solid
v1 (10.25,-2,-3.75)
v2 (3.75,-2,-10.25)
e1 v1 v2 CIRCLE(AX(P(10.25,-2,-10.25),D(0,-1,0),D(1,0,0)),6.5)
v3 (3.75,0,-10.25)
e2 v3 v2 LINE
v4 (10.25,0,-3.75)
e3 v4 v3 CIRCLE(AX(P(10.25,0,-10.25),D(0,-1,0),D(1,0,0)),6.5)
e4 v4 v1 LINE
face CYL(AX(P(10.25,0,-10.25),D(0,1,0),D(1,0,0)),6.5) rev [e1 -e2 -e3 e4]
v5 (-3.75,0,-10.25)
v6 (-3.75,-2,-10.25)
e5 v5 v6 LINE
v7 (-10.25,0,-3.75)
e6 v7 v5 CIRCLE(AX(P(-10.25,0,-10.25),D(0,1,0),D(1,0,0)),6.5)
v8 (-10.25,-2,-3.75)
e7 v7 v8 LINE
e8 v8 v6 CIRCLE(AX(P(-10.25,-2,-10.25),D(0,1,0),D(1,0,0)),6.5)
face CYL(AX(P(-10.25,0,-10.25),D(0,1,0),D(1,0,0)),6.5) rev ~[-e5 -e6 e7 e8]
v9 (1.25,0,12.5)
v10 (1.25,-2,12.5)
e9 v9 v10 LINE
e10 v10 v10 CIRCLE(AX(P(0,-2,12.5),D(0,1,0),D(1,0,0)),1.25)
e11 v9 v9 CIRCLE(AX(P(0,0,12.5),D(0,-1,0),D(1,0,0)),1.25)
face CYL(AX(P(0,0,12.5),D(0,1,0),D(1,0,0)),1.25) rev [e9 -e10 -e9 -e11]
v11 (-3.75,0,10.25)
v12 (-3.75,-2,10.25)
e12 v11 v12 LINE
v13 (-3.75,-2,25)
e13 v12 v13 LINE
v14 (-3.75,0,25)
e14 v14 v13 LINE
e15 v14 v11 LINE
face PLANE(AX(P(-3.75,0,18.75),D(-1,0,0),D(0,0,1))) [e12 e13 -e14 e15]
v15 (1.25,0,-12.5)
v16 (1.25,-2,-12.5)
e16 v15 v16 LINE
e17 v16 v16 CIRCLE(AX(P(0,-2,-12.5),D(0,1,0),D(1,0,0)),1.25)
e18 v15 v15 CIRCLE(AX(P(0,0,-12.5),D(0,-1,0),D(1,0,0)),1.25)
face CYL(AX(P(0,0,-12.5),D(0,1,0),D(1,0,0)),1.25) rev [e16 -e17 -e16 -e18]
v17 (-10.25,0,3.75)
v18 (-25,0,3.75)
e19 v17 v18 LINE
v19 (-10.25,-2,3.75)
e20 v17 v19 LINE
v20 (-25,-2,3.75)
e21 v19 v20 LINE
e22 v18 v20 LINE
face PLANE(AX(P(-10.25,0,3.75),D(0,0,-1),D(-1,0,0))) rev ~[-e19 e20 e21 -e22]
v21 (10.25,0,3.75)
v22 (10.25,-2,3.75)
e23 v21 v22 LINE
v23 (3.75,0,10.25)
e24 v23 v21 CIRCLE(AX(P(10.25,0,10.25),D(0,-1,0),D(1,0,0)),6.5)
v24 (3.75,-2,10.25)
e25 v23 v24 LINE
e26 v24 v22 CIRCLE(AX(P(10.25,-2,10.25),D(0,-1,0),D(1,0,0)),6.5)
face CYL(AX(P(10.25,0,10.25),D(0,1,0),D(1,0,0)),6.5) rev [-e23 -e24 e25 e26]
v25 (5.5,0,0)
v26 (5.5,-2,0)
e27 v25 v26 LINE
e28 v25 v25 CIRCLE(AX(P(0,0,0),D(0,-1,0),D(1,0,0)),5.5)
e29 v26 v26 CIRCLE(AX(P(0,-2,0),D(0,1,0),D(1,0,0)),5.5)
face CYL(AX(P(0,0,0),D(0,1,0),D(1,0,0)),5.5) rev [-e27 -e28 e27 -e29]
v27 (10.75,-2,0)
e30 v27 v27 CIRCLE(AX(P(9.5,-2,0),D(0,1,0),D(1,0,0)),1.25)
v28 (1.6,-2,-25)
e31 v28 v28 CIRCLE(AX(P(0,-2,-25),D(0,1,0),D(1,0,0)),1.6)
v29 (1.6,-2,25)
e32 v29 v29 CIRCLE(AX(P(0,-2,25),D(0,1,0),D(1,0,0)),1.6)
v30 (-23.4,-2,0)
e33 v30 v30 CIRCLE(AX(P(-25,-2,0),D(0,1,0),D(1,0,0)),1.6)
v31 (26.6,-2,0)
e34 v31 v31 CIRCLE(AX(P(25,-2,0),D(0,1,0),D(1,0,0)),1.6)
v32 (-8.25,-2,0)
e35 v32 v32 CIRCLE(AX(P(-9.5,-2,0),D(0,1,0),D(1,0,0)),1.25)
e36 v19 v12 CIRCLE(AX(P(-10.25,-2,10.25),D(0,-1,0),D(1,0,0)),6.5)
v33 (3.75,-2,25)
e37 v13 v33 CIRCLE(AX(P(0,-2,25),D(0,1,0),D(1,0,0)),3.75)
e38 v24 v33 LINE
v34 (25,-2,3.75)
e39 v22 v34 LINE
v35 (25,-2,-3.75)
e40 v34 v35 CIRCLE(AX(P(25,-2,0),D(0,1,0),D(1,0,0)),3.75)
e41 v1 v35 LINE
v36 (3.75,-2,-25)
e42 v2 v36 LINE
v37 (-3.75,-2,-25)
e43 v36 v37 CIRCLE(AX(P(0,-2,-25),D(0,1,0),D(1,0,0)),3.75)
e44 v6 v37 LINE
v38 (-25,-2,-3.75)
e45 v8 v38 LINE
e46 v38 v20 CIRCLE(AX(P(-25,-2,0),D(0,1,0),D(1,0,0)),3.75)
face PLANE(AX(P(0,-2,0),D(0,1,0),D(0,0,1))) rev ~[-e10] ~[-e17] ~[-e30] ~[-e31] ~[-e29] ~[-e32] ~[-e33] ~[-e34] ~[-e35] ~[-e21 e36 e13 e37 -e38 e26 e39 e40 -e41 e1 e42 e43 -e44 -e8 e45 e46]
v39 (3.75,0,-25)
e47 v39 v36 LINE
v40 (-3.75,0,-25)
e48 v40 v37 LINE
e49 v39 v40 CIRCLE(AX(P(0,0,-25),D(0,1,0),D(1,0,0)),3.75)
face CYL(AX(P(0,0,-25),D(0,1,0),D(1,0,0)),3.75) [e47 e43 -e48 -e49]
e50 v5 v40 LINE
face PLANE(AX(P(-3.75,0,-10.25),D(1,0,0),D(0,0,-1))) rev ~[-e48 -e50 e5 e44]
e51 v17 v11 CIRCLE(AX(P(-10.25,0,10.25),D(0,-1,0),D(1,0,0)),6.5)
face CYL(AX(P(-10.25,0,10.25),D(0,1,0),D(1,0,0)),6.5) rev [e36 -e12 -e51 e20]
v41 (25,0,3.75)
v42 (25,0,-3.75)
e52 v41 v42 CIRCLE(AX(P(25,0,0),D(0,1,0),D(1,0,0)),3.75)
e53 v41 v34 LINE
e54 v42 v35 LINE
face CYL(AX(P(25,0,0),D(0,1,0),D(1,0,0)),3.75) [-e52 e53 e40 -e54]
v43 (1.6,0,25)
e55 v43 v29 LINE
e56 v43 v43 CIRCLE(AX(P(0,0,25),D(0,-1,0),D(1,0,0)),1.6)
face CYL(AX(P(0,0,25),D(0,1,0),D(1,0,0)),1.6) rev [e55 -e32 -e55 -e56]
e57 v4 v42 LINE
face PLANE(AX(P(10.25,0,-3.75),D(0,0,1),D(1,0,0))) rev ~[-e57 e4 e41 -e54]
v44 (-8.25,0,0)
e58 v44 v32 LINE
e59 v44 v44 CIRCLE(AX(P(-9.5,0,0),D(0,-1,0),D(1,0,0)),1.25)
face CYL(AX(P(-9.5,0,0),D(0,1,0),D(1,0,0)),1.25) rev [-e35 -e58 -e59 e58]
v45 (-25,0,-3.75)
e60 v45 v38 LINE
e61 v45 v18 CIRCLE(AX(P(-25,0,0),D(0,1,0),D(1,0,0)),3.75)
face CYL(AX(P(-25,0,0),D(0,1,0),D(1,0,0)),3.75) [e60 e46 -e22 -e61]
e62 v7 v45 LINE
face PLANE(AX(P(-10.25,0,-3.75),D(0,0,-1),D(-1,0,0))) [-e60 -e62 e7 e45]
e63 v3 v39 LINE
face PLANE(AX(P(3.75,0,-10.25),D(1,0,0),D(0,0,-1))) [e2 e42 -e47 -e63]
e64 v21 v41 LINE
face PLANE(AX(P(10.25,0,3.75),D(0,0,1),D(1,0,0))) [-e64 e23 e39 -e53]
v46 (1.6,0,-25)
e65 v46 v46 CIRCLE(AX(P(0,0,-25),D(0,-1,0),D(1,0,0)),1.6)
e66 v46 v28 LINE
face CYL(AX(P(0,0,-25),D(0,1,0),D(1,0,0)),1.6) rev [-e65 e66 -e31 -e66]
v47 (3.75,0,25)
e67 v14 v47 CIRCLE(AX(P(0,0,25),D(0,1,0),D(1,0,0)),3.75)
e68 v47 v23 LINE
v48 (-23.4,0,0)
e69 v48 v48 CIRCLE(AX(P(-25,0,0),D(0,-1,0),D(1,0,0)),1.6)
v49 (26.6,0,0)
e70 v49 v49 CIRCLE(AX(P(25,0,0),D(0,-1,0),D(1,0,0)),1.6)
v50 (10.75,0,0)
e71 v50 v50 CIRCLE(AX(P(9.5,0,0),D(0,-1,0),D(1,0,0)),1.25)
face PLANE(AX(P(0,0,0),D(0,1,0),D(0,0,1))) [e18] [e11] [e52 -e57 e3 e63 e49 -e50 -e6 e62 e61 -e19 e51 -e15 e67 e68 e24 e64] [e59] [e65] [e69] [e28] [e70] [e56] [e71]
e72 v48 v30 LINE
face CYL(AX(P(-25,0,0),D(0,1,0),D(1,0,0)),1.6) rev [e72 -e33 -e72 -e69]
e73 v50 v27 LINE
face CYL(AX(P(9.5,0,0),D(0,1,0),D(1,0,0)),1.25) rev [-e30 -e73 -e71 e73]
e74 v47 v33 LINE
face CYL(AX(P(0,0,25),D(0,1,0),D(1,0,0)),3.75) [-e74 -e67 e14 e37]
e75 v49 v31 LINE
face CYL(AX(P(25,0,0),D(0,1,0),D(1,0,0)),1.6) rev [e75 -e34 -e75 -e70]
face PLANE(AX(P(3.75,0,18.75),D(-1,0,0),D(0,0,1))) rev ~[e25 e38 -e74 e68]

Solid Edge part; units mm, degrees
sketch "Sketch1" plane through (0, 0, 0) normal (0, -1, 0) x (1, 0, 0)
  line L0 (-3.75, 18.75) -> (-3.75, 25)
  arc A0 (-3.75, 25) -> (3.75, 25) centre (0, 25) cw
  line L1 (3.75, 18.75) -> (3.75, 25)
  line L2 (3.75, 10.25) -> (3.75, 18.75)
  arc A1 (3.75, 10.25) -> (10.25, 3.75) centre (10.25, 10.25) ccw
  line L3 (10.25, 3.75) -> (25, 3.75)
  arc A2 (25, 3.75) -> (25, -3.75) centre (25, 0) cw
  line L4 (10.25, -3.75) -> (25, -3.75)
  arc A3 (10.25, -3.75) -> (3.75, -10.25) centre (10.25, -10.25) ccw
  line L5 (3.75, -10.25) -> (3.75, -25)
  arc A4 (3.75, -25) -> (-3.75, -25) centre (0, -25) cw
  line L6 (-3.75, -10.25) -> (-3.75, -25)
  arc A5 (-10.25, -3.75) -> (-3.75, -10.25) centre (-10.25, -10.25) cw
  line L7 (-10.25, -3.75) -> (-25, -3.75)
  arc A6 (-25, -3.75) -> (-25, 3.75) centre (-25, 0) cw
  line L8 (-10.25, 3.75) -> (-25, 3.75)
  arc A7 (-10.25, 3.75) -> (-3.75, 10.25) centre (-10.25, 10.25) ccw
  line L9 (-3.75, 10.25) -> (-3.75, 18.75)
extrude "Protrusion1" add sketch "Sketch1" along normal up to vertex (2 mm away)
sketch "Sketch2" plane through (0, 0, 0) normal (0, -1, 0) x (1, 0, 0)
  circle A0 centre (0, 25) radius 1.6
  circle A1 centre (9.5, 0) radius 1.25
  circle A2 centre (25, 0) radius 1.6
  circle A3 centre (0, 12.5) radius 1.25
  circle A4 centre (-9.5, 0) radius 1.25
  circle A5 centre (-25, 0) radius 1.6
  circle A6 centre (0, -12.5) radius 1.25
  circle A7 centre (0, -25) radius 1.6
  circle A8 centre (0, 0) radius 5.5
  dimension "D1" = 40
  dimension "D2" = 40
  dimension "D3" = 40
  dimension "D4" = 40
  dimension "D5" = 35.3553
  dimension "D6" = 3.2
  dimension "D7" = 3.2
  dimension "D8" = 3.2
  dimension "D9" = 3.2
  dimension "D10" = 3.75
  dimension "D11" = 3.75
  dimension "D12" = 3.75
  dimension "D13" = 3.75
  dimension "D14" = 2.5
  dimension "D15" = 2.5
  dimension "D16" = 2.5
extrude "Cutout1" cut sketch "Sketch2" along normal up to next
properties material "Aluminum, 1060"
